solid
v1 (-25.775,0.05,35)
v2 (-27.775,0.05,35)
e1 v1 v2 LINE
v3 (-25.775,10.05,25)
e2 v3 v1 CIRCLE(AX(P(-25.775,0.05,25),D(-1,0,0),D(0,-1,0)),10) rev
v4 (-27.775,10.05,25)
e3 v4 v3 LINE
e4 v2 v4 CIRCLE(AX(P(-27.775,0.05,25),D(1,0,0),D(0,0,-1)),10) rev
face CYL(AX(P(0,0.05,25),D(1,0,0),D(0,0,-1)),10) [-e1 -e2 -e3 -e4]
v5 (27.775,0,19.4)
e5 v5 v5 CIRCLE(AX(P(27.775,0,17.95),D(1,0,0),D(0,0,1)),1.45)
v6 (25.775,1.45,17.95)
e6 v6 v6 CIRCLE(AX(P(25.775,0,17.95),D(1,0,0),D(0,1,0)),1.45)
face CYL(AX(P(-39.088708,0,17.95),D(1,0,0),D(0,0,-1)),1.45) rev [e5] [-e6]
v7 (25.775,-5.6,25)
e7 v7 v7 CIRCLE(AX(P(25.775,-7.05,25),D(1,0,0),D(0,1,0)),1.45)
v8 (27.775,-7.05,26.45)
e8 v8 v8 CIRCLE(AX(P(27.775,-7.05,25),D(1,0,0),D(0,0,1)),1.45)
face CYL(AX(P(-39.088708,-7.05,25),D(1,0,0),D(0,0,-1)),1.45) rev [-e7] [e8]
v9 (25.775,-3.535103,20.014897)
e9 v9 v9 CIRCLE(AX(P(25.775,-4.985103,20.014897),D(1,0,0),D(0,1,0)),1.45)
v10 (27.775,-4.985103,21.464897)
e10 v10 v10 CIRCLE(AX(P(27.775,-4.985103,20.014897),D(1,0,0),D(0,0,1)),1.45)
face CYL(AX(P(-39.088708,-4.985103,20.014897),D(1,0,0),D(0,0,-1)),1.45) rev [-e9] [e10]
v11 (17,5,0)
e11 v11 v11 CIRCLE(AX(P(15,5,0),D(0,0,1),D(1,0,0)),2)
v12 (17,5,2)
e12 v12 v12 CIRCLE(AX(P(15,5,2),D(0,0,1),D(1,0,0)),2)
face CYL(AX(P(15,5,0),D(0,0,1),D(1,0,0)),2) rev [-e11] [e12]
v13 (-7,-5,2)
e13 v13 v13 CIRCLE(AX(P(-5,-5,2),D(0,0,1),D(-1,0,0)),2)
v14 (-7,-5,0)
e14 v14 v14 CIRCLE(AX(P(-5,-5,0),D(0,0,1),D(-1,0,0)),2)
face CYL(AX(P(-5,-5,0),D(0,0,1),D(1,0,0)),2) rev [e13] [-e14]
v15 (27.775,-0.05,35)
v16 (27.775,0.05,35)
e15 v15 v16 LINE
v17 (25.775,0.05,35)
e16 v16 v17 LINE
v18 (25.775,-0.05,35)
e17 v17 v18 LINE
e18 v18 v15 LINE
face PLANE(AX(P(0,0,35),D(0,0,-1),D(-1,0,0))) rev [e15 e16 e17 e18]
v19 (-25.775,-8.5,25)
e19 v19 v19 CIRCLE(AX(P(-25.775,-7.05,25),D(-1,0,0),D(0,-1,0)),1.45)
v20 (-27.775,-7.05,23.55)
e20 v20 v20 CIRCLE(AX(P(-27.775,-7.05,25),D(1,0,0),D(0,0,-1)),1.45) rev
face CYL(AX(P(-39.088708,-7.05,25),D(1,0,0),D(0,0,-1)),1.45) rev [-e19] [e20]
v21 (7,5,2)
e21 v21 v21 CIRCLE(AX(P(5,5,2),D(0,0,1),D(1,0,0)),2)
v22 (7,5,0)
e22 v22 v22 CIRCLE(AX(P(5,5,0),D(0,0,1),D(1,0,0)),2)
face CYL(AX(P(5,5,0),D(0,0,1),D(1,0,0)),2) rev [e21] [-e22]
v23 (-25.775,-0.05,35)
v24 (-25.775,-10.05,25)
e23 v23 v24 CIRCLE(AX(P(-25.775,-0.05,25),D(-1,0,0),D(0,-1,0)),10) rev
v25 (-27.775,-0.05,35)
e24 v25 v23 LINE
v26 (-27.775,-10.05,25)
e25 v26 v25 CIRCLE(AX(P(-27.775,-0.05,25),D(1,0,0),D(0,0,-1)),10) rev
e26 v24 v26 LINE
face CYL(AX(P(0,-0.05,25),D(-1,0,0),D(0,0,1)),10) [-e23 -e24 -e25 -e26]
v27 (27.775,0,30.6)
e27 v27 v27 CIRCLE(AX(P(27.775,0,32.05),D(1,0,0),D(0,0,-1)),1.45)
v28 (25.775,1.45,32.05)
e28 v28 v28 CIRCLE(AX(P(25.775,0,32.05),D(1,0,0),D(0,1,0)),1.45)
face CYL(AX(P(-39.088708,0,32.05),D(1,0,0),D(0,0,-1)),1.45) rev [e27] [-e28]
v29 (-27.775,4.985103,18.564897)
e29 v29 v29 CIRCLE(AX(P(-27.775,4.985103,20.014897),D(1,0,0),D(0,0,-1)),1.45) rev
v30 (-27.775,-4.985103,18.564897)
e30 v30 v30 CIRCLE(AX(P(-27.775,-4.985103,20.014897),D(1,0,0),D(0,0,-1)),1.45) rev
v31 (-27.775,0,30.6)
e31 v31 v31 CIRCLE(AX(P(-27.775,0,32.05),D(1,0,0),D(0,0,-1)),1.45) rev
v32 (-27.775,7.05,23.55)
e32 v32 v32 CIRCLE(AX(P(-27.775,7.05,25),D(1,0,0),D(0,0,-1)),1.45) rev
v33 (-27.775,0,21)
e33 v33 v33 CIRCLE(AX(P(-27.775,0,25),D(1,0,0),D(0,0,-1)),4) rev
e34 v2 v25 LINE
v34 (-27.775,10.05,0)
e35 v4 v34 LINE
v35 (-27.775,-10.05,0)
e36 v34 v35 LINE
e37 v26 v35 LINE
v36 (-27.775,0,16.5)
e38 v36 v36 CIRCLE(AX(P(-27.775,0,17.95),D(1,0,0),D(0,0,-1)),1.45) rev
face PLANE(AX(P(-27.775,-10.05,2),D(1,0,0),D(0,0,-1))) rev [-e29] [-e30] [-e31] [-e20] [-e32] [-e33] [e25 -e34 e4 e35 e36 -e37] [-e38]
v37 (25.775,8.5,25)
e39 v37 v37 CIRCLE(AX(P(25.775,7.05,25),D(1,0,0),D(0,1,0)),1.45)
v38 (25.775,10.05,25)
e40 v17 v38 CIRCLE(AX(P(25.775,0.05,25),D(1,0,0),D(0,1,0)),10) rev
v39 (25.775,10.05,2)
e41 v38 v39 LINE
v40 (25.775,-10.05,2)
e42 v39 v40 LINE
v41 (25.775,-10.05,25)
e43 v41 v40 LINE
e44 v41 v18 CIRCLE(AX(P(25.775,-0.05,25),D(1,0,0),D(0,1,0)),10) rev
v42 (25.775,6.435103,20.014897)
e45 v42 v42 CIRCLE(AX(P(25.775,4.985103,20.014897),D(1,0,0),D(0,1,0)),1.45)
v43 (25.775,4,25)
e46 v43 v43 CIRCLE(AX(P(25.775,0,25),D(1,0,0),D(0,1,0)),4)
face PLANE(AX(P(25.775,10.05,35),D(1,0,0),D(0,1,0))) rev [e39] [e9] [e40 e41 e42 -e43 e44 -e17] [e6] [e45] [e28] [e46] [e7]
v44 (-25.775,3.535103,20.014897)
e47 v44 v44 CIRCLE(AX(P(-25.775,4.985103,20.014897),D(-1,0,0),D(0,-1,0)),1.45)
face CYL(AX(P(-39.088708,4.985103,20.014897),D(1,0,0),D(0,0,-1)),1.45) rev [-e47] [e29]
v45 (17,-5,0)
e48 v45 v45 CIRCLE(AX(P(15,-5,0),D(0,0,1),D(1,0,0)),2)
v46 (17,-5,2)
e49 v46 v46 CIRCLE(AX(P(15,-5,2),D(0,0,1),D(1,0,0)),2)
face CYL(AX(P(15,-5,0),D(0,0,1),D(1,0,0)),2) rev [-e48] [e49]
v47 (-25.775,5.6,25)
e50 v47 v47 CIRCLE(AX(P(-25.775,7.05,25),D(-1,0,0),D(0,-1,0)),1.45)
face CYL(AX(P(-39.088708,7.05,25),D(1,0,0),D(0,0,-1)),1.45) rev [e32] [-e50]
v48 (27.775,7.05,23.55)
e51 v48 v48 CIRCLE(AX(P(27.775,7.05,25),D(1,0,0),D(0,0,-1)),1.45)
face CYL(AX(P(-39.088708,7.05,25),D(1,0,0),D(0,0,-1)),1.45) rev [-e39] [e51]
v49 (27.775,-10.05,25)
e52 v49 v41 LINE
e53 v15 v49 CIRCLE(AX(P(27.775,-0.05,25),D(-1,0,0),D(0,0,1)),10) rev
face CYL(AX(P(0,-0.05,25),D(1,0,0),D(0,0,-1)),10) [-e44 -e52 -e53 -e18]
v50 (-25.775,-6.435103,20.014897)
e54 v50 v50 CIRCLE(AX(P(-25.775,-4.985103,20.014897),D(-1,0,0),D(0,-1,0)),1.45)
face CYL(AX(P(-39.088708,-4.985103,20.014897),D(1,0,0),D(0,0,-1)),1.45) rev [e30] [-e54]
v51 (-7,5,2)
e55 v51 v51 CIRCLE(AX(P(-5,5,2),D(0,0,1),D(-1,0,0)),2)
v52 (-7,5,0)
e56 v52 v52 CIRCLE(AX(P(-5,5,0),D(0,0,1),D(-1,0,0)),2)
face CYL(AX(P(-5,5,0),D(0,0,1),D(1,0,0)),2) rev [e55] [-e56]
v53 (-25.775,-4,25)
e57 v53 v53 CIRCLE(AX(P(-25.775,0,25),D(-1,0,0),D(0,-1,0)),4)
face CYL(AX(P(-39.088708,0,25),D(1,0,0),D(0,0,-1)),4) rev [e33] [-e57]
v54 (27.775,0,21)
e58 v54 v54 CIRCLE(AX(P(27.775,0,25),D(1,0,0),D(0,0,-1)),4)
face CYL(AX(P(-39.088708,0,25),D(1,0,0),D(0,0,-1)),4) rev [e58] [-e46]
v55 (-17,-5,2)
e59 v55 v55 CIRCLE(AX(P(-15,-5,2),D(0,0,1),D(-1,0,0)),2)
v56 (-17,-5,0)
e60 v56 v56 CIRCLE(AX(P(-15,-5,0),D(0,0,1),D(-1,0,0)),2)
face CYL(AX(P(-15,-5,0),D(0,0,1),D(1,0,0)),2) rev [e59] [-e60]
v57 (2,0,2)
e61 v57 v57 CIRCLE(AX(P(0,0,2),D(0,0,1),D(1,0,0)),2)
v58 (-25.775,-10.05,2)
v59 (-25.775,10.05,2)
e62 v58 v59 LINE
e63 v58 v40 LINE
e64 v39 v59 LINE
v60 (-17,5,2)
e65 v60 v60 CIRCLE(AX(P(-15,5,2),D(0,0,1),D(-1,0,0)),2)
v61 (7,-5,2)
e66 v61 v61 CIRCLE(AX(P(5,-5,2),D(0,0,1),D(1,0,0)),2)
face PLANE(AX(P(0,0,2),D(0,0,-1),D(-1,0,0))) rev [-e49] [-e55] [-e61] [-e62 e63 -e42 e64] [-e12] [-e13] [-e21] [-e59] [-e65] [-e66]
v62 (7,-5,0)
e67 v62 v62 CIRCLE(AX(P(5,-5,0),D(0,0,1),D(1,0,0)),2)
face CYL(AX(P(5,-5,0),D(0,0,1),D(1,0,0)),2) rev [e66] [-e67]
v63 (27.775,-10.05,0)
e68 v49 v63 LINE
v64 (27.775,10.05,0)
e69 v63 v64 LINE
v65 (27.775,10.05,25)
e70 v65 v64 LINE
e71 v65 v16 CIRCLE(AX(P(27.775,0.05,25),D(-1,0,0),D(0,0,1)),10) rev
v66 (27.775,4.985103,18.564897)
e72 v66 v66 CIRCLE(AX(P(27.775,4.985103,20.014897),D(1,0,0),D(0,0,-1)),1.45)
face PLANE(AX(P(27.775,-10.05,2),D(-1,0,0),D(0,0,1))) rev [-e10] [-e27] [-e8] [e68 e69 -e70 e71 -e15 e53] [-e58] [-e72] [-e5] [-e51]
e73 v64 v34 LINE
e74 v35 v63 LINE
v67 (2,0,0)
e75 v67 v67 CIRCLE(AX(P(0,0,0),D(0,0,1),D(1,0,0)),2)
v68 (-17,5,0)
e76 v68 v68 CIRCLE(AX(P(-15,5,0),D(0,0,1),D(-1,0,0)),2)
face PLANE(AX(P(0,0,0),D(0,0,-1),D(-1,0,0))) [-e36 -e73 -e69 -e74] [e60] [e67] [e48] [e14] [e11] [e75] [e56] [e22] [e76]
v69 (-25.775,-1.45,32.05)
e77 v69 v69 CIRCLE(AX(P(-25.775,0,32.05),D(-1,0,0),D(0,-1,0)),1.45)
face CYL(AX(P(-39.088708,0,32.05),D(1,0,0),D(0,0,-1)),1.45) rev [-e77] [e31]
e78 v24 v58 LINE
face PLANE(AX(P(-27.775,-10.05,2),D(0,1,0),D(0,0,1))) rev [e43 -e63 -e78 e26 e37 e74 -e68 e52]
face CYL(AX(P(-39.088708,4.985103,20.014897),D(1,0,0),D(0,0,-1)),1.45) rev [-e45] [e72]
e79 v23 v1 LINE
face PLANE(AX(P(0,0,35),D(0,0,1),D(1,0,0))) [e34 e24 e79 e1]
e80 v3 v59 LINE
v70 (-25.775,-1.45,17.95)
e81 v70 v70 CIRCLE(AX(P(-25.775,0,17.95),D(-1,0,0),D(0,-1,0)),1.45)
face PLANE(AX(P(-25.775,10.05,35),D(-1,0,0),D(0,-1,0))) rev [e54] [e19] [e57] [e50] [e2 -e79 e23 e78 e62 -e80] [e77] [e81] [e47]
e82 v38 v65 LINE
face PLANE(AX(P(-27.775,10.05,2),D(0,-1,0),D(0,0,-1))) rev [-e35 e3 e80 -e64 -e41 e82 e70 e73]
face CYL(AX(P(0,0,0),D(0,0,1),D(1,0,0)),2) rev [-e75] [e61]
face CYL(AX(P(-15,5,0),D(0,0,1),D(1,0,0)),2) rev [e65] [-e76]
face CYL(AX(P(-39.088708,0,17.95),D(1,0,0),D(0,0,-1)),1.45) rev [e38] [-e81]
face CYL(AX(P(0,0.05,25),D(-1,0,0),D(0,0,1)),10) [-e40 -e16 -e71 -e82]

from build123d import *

# Parameters (mm, degrees)
CROQUIS1_W              = 55.55
CROQUIS1_H              = 20.1
SALIENTE_EXTRUIR1_DEPTH = 2
CROQUIS2_R              = 2
CORTAR_EXTRUIR1_DEPTH   = 30.604951022
CROQUIS3_W              = 2
CROQUIS3_H              = 20.1
SALIENTE_EXTRUIR2_DEPTH = 35
CORTAR_EXTRUIR2_REACH   = 68.421
CROQUIS4_R              = 4
CROQUIS4_R_2            = 1.45
REDONDEO4_R             = 10


with BuildPart() as part:
    # Croquis1 → Saliente-Extruir1 (new body)
    with BuildSketch(Plane.XY):
        Rectangle(CROQUIS1_W, CROQUIS1_H)
    extrude(amount=SALIENTE_EXTRUIR1_DEPTH)

    # Croquis2 → Cortar-Extruir1 (cut, through all)
    with BuildSketch(Plane.XY.offset(2)):
        Circle(CROQUIS2_R)
        with Locations((5, 5)):
            Circle(CROQUIS2_R)
        with Locations((5, -5)):
            Circle(CROQUIS2_R)
        with Locations(Location((-5, -5, 0), (0, 0, 180))):
            Circle(CROQUIS2_R)
        with Locations(Location((-5, 5, 0), (0, 0, 180))):
            Circle(CROQUIS2_R)
        with Locations((15, 5)):
            Circle(CROQUIS2_R)
        with Locations((15, -5)):
            Circle(CROQUIS2_R)
        with Locations(Location((-15, 5, 0), (0, 0, 180))):
            Circle(CROQUIS2_R)
        with Locations(Location((-15, -5, 0), (0, 0, 180))):
            Circle(CROQUIS2_R)
    extrude(amount=-CORTAR_EXTRUIR1_DEPTH, mode=Mode.SUBTRACT)

    # Croquis3 → Saliente-Extruir2 (add)
    with BuildSketch(Plane.XY):
        with Locations((-26.775, 0)):
            Rectangle(CROQUIS3_W, CROQUIS3_H)
        with Locations((26.775, 0)):
            Rectangle(CROQUIS3_W, CROQUIS3_H)
    extrude(amount=SALIENTE_EXTRUIR2_DEPTH)

    # Cortar-Extruir2: up to this face of the body (flat: up to its plane)
    cortar_extruir2_end = Plane(part.part.faces().sort_by_distance((-27.775, 0, 17.5))[0])
    # Croquis4 → Cortar-Extruir2 (cut, up to the picked face)
    with BuildSketch(Plane(origin=(27.775, 0, 0), x_dir=(0, 0, -1), z_dir=(1, 0, 0)), mode=Mode.PRIVATE) as cortar_extruir2_sk1:
        with Locations((-25, 0)):
            Circle(CROQUIS4_R)
    cortar_extruir2_tool1 = split(extrude(cortar_extruir2_sk1.sketch, amount=-CORTAR_EXTRUIR2_REACH, mode=Mode.PRIVATE), bisect_by=cortar_extruir2_end, keep=Keep.BOTH, mode=Mode.PRIVATE)
    # Croquis4 → Cortar-Extruir2 (cut, up to the picked face)
    with BuildSketch(Plane(origin=(27.775, 0, 0), x_dir=(0, 0, -1), z_dir=(1, 0, 0)), mode=Mode.PRIVATE) as cortar_extruir2_sk2:
        with Locations((-32.05, 0)):
            Circle(CROQUIS4_R_2)
    cortar_extruir2_tool2 = split(extrude(cortar_extruir2_sk2.sketch, amount=-CORTAR_EXTRUIR2_REACH, mode=Mode.PRIVATE), bisect_by=cortar_extruir2_end, keep=Keep.BOTH, mode=Mode.PRIVATE)
    # Croquis4 → Cortar-Extruir2 (cut, up to the picked face)
    with BuildSketch(Plane(origin=(27.775, 0, 0), x_dir=(0, 0, -1), z_dir=(1, 0, 0)), mode=Mode.PRIVATE) as cortar_extruir2_sk3:
        with Locations(Location((-17.95, 0, 0), (0, 0, 90))):
            Circle(CROQUIS4_R_2)
    cortar_extruir2_tool3 = split(extrude(cortar_extruir2_sk3.sketch, amount=-CORTAR_EXTRUIR2_REACH, mode=Mode.PRIVATE), bisect_by=cortar_extruir2_end, keep=Keep.BOTH, mode=Mode.PRIVATE)
    # Croquis4 → Cortar-Extruir2 (cut, up to the picked face)
    with BuildSketch(Plane(origin=(27.775, 0, 0), x_dir=(0, 0, -1), z_dir=(1, 0, 0)), mode=Mode.PRIVATE) as cortar_extruir2_sk4:
        with Locations(Location((-20.014897193, -4.985102807, 0), (0, 0, 90))):
            Circle(CROQUIS4_R_2)
    cortar_extruir2_tool4 = split(extrude(cortar_extruir2_sk4.sketch, amount=-CORTAR_EXTRUIR2_REACH, mode=Mode.PRIVATE), bisect_by=cortar_extruir2_end, keep=Keep.BOTH, mode=Mode.PRIVATE)
    # Croquis4 → Cortar-Extruir2 (cut, up to the picked face)
    with BuildSketch(Plane(origin=(27.775, 0, 0), x_dir=(0, 0, -1), z_dir=(1, 0, 0)), mode=Mode.PRIVATE) as cortar_extruir2_sk5:
        with Locations(Location((-25, -7.05, 0), (0, 0, 90))):
            Circle(CROQUIS4_R_2)
    cortar_extruir2_tool5 = split(extrude(cortar_extruir2_sk5.sketch, amount=-CORTAR_EXTRUIR2_REACH, mode=Mode.PRIVATE), bisect_by=cortar_extruir2_end, keep=Keep.BOTH, mode=Mode.PRIVATE)
    # Croquis4 → Cortar-Extruir2 (cut, up to the picked face)
    with BuildSketch(Plane(origin=(27.775, 0, 0), x_dir=(0, 0, -1), z_dir=(1, 0, 0)), mode=Mode.PRIVATE) as cortar_extruir2_sk6:
        with Locations((-25, 7.05)):
            Circle(CROQUIS4_R_2)
    cortar_extruir2_tool6 = split(extrude(cortar_extruir2_sk6.sketch, amount=-CORTAR_EXTRUIR2_REACH, mode=Mode.PRIVATE), bisect_by=cortar_extruir2_end, keep=Keep.BOTH, mode=Mode.PRIVATE)
    # Croquis4 → Cortar-Extruir2 (cut, up to the picked face)
    with BuildSketch(Plane(origin=(27.775, 0, 0), x_dir=(0, 0, -1), z_dir=(1, 0, 0)), mode=Mode.PRIVATE) as cortar_extruir2_sk7:
        with Locations((-20.014897193, 4.985102807)):
            Circle(CROQUIS4_R_2)
    cortar_extruir2_tool7 = split(extrude(cortar_extruir2_sk7.sketch, amount=-CORTAR_EXTRUIR2_REACH, mode=Mode.PRIVATE), bisect_by=cortar_extruir2_end, keep=Keep.BOTH, mode=Mode.PRIVATE)
    add(cortar_extruir2_tool1.solids().sort_by(Axis((27.775, 0, 25), (-1, 0, 0)))[0], mode=Mode.SUBTRACT)
    add(cortar_extruir2_tool2.solids().sort_by(Axis((27.775, 0, 32.05), (-1, 0, 0)))[0], mode=Mode.SUBTRACT)
    add(cortar_extruir2_tool3.solids().sort_by(Axis((27.775, 0, 17.95), (-1, 0, 0)))[0], mode=Mode.SUBTRACT)
    add(cortar_extruir2_tool4.solids().sort_by(Axis((27.775, -4.985103, 20.014897), (-1, 0, 0)))[0], mode=Mode.SUBTRACT)
    add(cortar_extruir2_tool5.solids().sort_by(Axis((27.775, -7.05, 25), (-1, 0, 0)))[0], mode=Mode.SUBTRACT)
    add(cortar_extruir2_tool6.solids().sort_by(Axis((27.775, 7.05, 25), (-1, 0, 0)))[0], mode=Mode.SUBTRACT)
    add(cortar_extruir2_tool7.solids().sort_by(Axis((27.775, 4.985103, 20.014897), (-1, 0, 0)))[0], mode=Mode.SUBTRACT)

    # Redondeo4
    redondeo4_edges = [part.edges().sort_by_distance(p)[0] for p in [
        (-26.775, -10.05, 35),
        (-26.775, 10.05, 35),
        (26.775, 10.05, 35),
        (26.775, -10.05, 35),
    ]]
    fillet(redondeo4_edges, radius=REDONDEO4_R)


solid = part.part
